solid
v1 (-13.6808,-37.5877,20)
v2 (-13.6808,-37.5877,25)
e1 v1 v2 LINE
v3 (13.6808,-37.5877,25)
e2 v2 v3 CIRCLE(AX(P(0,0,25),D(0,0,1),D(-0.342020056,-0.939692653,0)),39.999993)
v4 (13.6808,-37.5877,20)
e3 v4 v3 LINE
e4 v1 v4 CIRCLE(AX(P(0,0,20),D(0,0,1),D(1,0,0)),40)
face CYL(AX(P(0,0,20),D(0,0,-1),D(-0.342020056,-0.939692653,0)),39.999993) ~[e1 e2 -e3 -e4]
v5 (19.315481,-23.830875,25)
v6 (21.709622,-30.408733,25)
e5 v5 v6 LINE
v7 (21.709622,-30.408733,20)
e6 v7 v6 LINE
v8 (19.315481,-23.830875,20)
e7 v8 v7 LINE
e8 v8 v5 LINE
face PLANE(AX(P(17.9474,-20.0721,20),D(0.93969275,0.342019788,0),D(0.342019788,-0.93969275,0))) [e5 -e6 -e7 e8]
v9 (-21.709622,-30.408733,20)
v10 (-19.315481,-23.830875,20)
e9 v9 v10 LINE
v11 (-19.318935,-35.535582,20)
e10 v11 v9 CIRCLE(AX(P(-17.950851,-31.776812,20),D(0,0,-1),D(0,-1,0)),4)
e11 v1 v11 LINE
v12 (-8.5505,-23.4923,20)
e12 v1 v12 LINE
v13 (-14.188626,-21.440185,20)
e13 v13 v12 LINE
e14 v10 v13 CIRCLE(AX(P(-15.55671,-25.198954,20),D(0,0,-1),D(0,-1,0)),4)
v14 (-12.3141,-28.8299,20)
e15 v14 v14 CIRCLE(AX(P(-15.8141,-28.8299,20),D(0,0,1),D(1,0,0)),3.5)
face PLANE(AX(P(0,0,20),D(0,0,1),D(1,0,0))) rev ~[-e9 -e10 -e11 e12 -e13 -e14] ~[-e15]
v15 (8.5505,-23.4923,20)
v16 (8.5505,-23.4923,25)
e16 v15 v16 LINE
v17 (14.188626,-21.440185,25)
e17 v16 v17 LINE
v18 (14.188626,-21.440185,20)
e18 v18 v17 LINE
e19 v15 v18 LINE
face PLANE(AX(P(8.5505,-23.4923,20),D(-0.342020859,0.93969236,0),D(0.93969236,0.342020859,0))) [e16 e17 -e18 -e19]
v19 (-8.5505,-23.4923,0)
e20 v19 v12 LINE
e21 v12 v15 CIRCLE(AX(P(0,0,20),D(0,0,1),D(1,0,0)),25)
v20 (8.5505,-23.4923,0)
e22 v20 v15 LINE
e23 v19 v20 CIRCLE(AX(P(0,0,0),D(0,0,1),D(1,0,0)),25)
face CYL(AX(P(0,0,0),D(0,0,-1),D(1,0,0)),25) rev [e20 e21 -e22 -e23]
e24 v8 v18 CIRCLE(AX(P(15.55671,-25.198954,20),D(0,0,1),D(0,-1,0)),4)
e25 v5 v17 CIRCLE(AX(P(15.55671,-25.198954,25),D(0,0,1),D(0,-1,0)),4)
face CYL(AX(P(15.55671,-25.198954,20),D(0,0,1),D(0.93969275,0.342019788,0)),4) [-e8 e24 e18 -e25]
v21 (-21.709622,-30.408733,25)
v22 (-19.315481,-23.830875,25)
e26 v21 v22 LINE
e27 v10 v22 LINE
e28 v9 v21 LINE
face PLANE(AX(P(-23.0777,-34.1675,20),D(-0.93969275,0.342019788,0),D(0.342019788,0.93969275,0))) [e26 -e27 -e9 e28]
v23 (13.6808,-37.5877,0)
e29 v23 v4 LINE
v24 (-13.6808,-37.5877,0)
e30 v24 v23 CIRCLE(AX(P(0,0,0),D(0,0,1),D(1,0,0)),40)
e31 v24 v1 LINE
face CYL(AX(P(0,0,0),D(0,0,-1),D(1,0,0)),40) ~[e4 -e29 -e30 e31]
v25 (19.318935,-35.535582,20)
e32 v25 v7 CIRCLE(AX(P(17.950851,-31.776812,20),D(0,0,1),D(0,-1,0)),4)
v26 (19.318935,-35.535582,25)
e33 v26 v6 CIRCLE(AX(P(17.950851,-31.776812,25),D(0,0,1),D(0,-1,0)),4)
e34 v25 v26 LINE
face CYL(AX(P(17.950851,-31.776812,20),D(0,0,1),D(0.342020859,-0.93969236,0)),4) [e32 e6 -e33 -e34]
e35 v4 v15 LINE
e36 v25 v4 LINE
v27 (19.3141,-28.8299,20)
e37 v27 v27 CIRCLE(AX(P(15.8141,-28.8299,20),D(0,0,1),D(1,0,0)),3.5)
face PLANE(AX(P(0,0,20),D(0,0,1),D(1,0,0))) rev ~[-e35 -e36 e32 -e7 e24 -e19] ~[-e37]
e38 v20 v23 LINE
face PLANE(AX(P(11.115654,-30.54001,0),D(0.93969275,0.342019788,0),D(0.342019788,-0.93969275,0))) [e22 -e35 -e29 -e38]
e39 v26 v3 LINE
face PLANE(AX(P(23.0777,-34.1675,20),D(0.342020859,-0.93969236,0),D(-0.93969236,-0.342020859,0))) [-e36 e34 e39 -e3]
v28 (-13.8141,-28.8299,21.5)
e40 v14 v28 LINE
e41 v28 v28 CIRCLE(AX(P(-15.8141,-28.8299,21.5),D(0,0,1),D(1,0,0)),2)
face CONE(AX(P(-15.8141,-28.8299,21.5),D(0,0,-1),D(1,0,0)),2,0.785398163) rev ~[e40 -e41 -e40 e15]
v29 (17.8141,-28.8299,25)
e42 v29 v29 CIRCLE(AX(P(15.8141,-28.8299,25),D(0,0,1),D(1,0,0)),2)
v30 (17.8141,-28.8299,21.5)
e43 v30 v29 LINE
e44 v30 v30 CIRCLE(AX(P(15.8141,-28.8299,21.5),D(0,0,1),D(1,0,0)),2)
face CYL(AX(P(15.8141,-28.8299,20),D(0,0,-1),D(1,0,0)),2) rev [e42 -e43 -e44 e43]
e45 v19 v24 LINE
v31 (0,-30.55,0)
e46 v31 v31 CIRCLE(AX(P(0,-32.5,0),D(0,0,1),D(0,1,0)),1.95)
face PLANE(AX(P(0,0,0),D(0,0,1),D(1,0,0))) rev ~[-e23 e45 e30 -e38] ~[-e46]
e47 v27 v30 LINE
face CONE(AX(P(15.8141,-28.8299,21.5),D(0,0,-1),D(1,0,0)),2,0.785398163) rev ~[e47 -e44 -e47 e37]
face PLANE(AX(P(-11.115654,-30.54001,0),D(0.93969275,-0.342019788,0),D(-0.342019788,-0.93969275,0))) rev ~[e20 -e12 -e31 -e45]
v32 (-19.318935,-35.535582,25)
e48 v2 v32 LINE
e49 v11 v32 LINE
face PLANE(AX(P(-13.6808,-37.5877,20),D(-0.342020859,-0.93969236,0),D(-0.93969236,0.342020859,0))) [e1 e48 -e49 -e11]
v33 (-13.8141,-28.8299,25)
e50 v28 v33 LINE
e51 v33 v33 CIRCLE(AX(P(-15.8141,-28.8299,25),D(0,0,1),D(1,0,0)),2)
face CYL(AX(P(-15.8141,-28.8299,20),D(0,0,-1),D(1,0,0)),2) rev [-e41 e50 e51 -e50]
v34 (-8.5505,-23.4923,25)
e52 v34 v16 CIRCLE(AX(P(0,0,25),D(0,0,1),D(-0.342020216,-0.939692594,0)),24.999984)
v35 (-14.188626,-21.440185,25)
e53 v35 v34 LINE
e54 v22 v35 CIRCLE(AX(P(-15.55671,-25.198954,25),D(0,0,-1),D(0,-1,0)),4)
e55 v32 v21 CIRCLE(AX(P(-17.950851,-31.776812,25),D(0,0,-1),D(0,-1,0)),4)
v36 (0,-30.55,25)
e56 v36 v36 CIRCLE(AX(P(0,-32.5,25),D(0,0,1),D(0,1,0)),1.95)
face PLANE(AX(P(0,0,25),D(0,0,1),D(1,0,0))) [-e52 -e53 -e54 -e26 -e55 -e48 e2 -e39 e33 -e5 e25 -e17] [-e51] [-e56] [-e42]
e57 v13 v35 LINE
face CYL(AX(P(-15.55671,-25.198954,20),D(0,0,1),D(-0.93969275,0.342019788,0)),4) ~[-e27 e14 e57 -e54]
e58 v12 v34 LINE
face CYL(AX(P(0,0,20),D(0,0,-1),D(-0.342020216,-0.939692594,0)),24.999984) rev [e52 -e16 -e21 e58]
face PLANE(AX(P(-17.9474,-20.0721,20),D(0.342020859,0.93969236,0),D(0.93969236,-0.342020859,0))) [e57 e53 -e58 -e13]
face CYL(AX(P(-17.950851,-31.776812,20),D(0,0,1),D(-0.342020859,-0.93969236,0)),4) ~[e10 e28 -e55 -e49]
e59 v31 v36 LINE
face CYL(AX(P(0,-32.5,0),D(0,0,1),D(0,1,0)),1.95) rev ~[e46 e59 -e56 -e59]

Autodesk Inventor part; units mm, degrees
ref_plane "YZ Plane" through (0, 0, 0) normal (1, 0, 0) x (0, 1, 0)
ref_plane "XZ Plane" through (0, 0, 0) normal (0, 1, 0) x (-1, 0, 0)
ref_plane "XY Plane" through (0, 0, 0) normal (0, 0, 1) x (1, 0, 0)
sketch "Sketch1" plane through (0, 0, 0) normal (0, 0, 1) x (1, 0, 0)
  circle A0 centre (0, 0) radius 40
  circle A1 centre (0, 0) radius 32.5
  circle A2 centre (0, 0) radius 25
  line L0 (-8.5505, -23.4923) -> (-13.6808, -37.5877)
  line L1 (0, 0) -> (57.2098, 0) construction
  line L2 (8.5505, -23.4923) -> (13.6808, -37.5877)
  line L3 (0, 0) -> (61.497, 0) construction
  point P0 (0, -32.5)
  dimension "d1" = 65
  dimension "d0" = 80
  dimension "d2" = 50
  dimension "d4" = 110
  dimension "d6" = 70
extrude "Extrusion1" add sketch "Sketch1" along normal blind 20 contours L0 A1 L2 A0 | L0 A2 L2 A1 picked at (0, -34.8535) picked at (-0.9674, -29.7972)
sketch "Sketch2" plane through (0, 0, 20) normal (0, 0, 1) x (1, 0, 0)
  arc A0 (-13.6808, -37.5877) -> (13.6808, -37.5877) centre (0, 0) ccw projected
  line L0 (13.6808, -37.5877) -> (8.5505, -23.4923) projected
  arc A1 (-8.5505, -23.4923) -> (8.5505, -23.4923) centre (0, 0) ccw projected
  line L1 (-8.5505, -23.4923) -> (-13.6808, -37.5877) projected
  line L2 (8.5505, -23.4923) -> (17.9474, -20.0721)
  line L3 (17.9474, -20.0721) -> (23.0777, -34.1675)
  line L4 (23.0777, -34.1675) -> (13.6808, -37.5877)
  line L5 (-13.6808, -37.5877) -> (-23.0777, -34.1675)
  line L6 (-23.0777, -34.1675) -> (-17.9474, -20.0721)
  line L7 (-8.5505, -23.4923) -> (-13.6808, -37.5877) projected
  line L8 (-17.9474, -20.0721) -> (-8.5505, -23.4923)
  circle A2 centre (15.8141, -28.8299) radius 2
  circle A3 centre (-15.8141, -28.8299) radius 2
  dimension "d9" = 10
  dimension "d10" = 10
  dimension "d11" = 4
  dimension "d12" = 4
  dimension "d13" = 7.5
  dimension "d14" = 7.5
  dimension "d15" = 5
  dimension "d16" = 5
extrude "Extrusion2" add sketch "Sketch2" along normal blind 5
chamfer "Chamfer1" distance 1.5 angle 45 2 edges at (-17.8141, -28.8299, 20) (13.8141, -28.8299, 20)
fillet "Fillet1" radius 4 4 edges at (17.9474, -20.0721, 22.5) (-17.9474, -20.0721, 22.5) (-23.0777, -34.1675, 22.5) (23.0777, -34.1675, 22.5)
hole "Hole1" at (0, -32.5, 0) direction (0, 0, 1) diameter 3.9 end through all
equation "\"d10\" = d9"
properties part number "3DP_ABS_Bowl_Feeder_Standoff" material "ABS Plastic"
